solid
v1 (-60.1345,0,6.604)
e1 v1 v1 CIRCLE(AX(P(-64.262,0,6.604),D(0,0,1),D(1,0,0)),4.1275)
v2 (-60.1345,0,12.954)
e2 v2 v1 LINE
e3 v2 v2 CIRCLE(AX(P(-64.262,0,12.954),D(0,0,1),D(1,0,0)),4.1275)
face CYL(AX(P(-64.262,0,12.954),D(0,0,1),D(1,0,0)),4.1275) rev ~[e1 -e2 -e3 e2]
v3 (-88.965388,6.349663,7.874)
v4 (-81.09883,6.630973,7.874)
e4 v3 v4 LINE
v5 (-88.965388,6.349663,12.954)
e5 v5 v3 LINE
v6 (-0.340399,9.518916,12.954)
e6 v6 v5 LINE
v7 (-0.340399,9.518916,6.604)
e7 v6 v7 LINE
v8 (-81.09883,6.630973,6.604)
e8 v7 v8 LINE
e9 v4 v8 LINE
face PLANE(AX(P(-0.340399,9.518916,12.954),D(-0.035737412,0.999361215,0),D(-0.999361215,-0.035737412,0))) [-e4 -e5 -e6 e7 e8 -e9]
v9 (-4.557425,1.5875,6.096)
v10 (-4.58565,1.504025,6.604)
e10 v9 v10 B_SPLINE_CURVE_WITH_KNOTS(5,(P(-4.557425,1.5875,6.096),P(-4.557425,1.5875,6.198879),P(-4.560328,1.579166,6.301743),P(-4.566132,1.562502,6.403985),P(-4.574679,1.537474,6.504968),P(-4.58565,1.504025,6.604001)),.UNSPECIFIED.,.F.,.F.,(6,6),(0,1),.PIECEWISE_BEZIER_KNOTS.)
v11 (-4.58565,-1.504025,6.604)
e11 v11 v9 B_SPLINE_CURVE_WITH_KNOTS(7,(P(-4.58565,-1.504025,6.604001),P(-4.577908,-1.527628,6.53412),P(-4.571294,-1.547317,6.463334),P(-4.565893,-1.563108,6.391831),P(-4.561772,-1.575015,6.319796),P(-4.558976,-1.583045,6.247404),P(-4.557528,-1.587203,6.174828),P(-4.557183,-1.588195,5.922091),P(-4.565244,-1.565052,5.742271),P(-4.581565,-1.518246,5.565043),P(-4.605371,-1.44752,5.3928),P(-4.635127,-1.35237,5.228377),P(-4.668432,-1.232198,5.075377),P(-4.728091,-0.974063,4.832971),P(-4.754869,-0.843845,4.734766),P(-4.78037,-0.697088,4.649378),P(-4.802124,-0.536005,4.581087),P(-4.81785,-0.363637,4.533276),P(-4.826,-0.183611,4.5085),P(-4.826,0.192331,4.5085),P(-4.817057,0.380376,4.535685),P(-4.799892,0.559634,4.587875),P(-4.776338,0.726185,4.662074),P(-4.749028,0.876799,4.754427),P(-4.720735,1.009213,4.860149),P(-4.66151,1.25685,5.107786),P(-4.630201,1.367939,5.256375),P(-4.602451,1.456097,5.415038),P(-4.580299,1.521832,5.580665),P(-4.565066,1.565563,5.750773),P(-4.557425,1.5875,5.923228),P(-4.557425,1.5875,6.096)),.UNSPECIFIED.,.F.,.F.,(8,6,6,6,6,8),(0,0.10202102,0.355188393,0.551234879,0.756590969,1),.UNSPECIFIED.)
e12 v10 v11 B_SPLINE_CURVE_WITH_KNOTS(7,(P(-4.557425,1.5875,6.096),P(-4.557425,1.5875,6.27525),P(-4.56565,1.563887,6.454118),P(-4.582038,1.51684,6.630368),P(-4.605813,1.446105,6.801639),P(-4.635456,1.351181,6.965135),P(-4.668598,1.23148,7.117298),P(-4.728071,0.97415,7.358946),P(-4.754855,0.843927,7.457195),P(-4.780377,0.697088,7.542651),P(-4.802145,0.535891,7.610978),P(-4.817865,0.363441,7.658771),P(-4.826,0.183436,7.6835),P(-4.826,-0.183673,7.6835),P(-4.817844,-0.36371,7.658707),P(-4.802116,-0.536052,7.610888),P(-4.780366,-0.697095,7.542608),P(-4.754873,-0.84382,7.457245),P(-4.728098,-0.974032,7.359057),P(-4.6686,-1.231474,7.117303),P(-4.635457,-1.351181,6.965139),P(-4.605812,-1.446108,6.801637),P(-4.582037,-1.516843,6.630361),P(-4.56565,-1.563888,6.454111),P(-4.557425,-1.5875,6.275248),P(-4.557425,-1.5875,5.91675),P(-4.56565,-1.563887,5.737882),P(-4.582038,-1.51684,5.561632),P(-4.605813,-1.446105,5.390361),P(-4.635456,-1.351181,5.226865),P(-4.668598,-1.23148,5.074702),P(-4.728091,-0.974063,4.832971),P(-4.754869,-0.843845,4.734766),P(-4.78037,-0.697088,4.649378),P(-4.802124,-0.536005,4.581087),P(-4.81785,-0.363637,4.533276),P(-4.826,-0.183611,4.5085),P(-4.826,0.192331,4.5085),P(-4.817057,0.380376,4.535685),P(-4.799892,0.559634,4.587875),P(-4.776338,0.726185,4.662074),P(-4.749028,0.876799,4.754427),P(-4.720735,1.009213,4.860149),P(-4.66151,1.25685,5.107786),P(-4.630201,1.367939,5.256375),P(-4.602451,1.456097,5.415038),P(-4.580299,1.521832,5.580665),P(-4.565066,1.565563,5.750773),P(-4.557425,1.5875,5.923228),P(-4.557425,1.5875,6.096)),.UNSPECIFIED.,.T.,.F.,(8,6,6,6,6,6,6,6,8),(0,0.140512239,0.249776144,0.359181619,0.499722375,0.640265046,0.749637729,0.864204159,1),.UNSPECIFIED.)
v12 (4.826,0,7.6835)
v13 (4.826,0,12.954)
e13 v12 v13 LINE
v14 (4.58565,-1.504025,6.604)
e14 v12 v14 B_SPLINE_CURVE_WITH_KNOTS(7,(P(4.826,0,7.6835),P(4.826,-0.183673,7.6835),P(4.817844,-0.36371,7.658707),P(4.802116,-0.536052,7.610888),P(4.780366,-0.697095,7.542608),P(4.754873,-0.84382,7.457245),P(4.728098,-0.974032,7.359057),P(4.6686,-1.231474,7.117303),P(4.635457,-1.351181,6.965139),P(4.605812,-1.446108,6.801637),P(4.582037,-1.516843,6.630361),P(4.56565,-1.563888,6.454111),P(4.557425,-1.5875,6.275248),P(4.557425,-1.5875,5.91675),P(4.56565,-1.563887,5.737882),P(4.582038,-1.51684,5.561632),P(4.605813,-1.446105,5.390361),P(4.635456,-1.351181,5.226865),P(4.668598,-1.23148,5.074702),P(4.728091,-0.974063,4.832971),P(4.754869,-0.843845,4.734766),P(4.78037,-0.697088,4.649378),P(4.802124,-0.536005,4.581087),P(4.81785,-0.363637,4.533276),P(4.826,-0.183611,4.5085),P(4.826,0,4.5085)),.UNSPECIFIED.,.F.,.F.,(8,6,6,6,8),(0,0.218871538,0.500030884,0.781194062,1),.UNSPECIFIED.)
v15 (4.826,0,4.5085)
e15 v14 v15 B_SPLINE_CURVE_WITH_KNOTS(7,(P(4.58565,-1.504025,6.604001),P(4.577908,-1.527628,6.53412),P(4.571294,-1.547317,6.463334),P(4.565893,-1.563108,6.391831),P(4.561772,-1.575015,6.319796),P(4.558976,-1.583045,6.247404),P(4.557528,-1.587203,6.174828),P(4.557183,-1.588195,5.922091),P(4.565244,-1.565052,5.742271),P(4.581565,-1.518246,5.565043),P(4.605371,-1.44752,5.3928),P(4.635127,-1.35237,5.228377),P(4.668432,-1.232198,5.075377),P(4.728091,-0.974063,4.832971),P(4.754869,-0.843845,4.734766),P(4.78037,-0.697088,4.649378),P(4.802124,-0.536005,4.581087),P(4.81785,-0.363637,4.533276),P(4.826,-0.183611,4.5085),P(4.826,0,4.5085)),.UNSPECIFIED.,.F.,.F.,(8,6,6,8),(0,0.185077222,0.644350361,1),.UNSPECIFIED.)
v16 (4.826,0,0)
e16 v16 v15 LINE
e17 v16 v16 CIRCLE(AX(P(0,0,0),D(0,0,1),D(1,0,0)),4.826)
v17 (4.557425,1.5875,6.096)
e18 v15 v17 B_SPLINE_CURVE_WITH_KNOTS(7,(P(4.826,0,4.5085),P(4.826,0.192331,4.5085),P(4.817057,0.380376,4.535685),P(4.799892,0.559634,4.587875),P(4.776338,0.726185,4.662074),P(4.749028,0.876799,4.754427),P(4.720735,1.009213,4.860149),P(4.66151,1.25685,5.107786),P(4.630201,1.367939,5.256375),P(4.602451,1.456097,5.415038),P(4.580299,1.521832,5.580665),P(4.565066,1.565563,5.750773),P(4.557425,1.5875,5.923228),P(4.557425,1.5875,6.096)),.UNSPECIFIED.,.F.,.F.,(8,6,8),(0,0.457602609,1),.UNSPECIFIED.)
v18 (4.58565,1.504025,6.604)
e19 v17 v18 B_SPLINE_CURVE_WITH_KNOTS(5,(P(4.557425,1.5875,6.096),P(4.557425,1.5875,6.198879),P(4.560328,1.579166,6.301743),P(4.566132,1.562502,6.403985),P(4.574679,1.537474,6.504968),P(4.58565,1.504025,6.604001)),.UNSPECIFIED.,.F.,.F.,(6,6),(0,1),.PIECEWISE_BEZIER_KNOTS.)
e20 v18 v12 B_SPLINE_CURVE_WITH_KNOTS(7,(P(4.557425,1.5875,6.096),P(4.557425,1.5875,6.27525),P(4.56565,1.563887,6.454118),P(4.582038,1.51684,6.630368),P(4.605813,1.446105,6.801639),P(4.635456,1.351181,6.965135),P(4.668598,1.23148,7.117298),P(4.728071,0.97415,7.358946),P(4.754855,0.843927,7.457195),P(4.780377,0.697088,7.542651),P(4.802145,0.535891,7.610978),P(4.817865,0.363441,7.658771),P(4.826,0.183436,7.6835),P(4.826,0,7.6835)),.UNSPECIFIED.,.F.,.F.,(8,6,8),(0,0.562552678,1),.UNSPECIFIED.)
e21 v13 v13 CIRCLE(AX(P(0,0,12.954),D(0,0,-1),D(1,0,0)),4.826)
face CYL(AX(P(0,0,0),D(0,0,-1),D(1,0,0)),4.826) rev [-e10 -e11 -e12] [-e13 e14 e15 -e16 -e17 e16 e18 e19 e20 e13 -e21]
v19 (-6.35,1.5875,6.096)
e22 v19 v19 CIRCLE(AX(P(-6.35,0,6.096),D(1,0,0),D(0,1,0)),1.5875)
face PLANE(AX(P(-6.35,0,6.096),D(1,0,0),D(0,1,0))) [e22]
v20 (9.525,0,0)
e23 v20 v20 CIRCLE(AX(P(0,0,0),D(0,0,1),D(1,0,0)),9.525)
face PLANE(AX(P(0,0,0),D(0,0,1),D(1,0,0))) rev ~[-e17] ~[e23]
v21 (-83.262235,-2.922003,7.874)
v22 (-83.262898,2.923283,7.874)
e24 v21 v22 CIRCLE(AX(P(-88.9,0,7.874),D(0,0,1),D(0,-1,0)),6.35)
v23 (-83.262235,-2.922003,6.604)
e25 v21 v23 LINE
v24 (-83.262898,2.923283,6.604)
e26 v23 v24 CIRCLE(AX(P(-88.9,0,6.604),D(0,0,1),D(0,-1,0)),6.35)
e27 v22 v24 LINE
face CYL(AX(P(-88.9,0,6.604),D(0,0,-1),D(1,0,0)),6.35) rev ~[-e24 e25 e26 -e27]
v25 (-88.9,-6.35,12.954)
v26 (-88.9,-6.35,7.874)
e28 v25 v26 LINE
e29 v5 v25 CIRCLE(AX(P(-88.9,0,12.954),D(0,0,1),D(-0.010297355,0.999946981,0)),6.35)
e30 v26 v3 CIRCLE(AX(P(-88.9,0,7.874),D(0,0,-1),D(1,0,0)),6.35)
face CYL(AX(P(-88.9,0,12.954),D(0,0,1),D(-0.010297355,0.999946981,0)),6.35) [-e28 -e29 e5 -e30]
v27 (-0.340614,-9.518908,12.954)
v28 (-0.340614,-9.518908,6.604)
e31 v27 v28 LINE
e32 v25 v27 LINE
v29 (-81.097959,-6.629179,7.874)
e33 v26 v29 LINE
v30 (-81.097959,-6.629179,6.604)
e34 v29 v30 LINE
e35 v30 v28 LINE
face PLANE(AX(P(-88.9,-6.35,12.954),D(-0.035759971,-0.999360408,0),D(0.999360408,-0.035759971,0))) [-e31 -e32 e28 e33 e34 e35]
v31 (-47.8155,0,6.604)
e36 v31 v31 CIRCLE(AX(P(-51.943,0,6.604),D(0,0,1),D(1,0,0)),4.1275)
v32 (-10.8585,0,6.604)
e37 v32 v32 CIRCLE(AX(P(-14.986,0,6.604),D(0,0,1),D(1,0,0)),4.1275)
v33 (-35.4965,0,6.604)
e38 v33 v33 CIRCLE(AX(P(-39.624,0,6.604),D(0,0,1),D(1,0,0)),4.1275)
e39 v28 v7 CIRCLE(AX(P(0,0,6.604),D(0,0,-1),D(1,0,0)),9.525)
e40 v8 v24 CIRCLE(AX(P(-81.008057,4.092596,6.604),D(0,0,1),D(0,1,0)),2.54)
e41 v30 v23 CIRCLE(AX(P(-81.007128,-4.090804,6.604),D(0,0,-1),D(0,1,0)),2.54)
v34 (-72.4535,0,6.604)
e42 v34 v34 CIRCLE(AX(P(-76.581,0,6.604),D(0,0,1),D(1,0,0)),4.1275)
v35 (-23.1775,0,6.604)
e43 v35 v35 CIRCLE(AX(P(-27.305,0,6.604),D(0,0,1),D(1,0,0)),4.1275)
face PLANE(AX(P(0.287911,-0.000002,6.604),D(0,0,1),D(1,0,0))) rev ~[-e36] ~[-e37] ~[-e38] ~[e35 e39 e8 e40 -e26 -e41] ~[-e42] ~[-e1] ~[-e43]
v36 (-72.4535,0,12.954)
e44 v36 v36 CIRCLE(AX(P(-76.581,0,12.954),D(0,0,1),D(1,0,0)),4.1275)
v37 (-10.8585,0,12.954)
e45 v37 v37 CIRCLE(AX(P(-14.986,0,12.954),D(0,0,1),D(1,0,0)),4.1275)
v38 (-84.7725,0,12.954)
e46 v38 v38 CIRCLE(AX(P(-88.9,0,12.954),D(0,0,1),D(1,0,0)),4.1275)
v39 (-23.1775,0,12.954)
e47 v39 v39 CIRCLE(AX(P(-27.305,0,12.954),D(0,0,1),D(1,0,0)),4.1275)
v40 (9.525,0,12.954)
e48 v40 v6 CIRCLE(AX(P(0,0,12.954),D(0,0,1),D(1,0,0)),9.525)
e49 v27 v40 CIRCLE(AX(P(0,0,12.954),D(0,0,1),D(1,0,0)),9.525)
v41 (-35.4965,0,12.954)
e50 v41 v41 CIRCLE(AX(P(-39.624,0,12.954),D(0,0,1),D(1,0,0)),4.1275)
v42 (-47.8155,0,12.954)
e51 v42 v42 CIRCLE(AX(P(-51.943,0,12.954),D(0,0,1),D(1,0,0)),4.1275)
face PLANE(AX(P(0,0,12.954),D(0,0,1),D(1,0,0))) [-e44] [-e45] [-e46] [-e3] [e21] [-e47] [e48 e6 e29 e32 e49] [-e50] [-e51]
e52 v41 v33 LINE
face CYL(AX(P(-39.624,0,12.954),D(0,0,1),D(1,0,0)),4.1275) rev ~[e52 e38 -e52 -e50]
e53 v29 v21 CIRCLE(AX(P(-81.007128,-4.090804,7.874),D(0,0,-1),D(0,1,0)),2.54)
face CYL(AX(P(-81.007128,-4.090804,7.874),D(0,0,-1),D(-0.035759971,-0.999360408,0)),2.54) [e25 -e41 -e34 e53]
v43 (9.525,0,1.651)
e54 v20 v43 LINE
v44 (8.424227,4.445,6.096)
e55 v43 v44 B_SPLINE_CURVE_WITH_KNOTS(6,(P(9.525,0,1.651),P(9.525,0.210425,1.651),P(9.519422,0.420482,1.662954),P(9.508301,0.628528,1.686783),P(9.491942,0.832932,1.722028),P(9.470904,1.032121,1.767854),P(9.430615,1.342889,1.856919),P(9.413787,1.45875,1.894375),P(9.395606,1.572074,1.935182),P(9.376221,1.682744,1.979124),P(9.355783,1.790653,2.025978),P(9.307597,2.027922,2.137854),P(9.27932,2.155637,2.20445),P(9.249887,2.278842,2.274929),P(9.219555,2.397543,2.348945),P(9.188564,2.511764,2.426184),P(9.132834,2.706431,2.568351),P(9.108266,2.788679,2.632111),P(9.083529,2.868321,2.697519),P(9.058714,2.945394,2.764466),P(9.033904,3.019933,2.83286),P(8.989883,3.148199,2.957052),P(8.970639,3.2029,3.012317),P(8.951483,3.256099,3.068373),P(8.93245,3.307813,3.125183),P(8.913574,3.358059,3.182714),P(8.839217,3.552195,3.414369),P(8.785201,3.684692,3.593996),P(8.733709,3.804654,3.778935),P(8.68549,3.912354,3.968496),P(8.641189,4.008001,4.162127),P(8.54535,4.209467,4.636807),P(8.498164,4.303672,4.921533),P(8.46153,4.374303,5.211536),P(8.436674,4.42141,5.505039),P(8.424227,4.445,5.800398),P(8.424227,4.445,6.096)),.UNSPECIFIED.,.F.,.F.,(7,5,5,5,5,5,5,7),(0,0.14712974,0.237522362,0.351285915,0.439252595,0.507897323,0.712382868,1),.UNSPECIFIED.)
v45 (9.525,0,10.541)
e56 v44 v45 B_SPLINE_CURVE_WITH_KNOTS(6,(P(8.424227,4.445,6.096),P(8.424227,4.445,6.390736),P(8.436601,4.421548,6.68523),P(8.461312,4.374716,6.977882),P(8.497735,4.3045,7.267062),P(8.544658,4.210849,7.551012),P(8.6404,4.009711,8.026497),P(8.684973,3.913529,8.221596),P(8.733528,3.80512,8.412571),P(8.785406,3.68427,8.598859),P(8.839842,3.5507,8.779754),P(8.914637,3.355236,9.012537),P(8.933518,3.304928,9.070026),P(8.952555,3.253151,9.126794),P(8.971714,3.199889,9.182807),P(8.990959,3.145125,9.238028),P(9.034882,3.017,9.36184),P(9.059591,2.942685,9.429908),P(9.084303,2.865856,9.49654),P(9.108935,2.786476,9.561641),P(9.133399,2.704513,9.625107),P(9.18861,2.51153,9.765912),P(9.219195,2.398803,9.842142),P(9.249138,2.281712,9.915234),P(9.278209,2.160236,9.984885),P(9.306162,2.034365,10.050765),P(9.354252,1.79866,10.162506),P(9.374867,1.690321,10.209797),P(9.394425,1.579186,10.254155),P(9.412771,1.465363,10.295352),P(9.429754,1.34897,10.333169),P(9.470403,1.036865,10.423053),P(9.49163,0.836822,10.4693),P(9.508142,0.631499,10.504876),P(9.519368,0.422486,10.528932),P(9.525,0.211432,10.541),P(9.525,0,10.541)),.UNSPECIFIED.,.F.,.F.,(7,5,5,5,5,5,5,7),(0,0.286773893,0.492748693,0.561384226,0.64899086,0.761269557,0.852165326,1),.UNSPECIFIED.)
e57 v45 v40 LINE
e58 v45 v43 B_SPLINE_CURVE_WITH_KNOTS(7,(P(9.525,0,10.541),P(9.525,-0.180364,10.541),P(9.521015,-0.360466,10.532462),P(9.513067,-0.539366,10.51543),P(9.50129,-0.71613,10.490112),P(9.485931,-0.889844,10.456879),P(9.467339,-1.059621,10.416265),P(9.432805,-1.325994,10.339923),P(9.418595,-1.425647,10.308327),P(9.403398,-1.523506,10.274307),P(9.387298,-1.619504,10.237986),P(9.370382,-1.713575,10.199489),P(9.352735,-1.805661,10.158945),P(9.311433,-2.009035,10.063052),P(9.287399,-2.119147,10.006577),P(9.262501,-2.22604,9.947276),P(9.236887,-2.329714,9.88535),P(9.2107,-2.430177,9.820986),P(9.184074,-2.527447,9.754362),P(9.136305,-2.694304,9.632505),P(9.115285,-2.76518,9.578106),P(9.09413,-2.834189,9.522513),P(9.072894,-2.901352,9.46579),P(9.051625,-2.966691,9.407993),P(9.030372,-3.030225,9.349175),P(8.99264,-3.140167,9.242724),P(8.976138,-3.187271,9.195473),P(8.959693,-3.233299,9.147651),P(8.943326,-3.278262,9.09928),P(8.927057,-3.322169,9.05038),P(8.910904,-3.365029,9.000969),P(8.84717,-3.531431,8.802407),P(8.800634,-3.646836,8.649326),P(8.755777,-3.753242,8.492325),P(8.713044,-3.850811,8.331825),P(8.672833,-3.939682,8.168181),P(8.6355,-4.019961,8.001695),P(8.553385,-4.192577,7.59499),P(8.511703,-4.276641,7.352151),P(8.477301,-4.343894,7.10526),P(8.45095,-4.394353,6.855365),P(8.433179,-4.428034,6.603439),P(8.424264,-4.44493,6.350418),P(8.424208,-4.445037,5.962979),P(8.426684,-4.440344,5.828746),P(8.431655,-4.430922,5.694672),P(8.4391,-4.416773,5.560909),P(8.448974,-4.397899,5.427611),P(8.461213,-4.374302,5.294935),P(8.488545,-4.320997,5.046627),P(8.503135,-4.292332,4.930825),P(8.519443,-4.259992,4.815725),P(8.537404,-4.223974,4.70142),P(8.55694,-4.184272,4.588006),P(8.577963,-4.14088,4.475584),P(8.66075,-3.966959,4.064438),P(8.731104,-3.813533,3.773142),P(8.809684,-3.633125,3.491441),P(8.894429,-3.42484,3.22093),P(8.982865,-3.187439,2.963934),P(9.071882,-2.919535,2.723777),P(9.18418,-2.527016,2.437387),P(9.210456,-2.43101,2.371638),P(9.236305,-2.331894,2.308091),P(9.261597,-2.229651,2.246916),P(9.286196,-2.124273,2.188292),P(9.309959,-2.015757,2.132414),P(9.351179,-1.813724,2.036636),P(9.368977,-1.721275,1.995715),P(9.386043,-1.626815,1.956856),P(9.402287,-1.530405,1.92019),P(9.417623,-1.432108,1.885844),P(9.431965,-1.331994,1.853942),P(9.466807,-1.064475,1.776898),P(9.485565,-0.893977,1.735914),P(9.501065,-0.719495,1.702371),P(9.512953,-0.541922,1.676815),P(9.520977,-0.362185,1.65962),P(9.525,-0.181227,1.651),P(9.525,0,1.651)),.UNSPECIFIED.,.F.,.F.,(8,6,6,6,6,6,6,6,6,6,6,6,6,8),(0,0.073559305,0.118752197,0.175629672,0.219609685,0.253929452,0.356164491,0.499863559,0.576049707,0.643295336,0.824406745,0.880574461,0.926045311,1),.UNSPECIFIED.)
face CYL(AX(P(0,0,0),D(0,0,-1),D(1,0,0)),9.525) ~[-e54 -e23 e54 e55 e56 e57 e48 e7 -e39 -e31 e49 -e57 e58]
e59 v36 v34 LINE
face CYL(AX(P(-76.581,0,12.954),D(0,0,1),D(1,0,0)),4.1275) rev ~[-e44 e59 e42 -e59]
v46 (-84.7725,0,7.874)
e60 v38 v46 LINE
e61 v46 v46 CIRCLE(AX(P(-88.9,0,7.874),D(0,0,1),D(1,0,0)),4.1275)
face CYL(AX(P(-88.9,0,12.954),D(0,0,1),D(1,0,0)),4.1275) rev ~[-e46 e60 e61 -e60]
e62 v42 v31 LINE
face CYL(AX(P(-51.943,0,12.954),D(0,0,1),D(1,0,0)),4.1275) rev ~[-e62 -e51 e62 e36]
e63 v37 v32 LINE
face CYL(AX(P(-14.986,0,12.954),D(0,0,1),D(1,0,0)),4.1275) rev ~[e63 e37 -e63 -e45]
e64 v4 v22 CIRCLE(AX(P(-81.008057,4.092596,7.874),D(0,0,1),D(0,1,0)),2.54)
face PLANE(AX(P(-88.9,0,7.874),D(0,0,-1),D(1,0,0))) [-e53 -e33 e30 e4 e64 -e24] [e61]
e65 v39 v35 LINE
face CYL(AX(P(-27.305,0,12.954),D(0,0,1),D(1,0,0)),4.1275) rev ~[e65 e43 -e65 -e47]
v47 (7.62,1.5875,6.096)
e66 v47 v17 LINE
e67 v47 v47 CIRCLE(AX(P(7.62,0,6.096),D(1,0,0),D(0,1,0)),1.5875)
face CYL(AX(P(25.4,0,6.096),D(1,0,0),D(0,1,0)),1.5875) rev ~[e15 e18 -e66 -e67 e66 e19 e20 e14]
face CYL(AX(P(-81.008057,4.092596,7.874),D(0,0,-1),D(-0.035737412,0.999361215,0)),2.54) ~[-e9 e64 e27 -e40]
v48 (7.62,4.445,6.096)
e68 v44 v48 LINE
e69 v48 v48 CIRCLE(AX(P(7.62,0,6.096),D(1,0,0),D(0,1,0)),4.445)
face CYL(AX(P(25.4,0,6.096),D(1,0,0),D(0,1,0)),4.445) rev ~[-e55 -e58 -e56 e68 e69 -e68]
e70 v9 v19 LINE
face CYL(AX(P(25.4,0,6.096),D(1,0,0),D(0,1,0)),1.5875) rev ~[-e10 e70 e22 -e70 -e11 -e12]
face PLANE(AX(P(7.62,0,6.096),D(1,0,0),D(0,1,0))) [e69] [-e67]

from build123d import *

# Parameters (mm, degrees)
F0_R      = 9.525
F0_R_2    = 4.826
F1_DEPTH  = 12.954
F2_R      = 4.1275
F3_DEPTH  = 6.35
F5_R      = 1.5875
F6_DEPTH  = 31.75
F7_DEPTH  = 25.4
F8_R      = 6.35
F9_DEPTH  = 1.27
F5_R_2    = 4.445
F10_DEPTH = 17.78
F11_R     = 2.54


with BuildPart() as f1:
    # F0 (on Top) → F1 (new body)
    with BuildSketch(Plane.XY):
        Circle(F0_R)
        Circle(F0_R_2, mode=Mode.SUBTRACT)
    extrude(amount=F1_DEPTH)

    # F2 (on face) → F3 (join)
    with BuildSketch(Plane.XY.offset(12.954)):
        with BuildLine():
            ThreePointArc((-0.3406139649, -9.5189078747), (6.6136705763, -6.8545595415), (9.525, 0))
            ThreePointArc((9.525, 0), (6.6137479521, 6.8544848841), (-0.3403990606, 9.5189155622))
            ThreePointArc((-0.3403990606, 9.5189155622), (-9.5249999994, 0.0001075209), (-0.3406139649, -9.5189078747))
        make_face()
        with BuildLine():
            ThreePointArc((-0.3406139649, -9.5189078747), (-9.5249999994, 0.0001075209), (-0.3403990606, 9.5189155622))
            Line((-0.3403990606, 9.5189155622), (-88.965388203, 6.3496633283))
            ThreePointArc((-88.965388203, 6.3496633283), (-84.4330499829, 4.5131870717), (-82.55, 0))
            ThreePointArc((-82.55, 0), (-84.4098719395, -4.4901280605), (-88.9, -6.35))
            Line((-88.9, -6.35), (-0.3406139649, -9.5189078747))
        make_face()
        with Locations((-76.581, 0)):
            Circle(F2_R, mode=Mode.SUBTRACT)
        with Locations((-64.262, 0)):
            Circle(F2_R, mode=Mode.SUBTRACT)
        with Locations((-51.943, 0)):
            Circle(F2_R, mode=Mode.SUBTRACT)
        with Locations((-39.624, 0)):
            Circle(F2_R, mode=Mode.SUBTRACT)
        with Locations((-27.305, 0)):
            Circle(F2_R, mode=Mode.SUBTRACT)
        with Locations((-14.986, 0)):
            Circle(F2_R, mode=Mode.SUBTRACT)
        with BuildLine():
            ThreePointArc((-82.55, 0), (-84.4330499829, 4.5131870717), (-88.965388203, 6.3496633283))
            ThreePointArc((-88.965388203, 6.3496633283), (-95.2499158315, -0.0326945349), (-88.9, -6.35))
            ThreePointArc((-88.9, -6.35), (-84.4098719395, -4.4901280605), (-82.55, 0))
        make_face()
        with Locations((-88.9, 0)):
            Circle(F2_R, mode=Mode.SUBTRACT)
    extrude(amount=-F3_DEPTH)

    # F5 (on offset) → F6 (cut)
    with BuildSketch(Plane.YZ.offset(25.4)):
        with Locations((0, 6.096)):
            Circle(F5_R)
    extrude(amount=-F6_DEPTH, mode=Mode.SUBTRACT)

    # F0 (on Top) → F7 (cut)
    with BuildSketch(Plane.XY):
        Circle(F0_R_2)
    extrude(amount=F7_DEPTH, mode=Mode.SUBTRACT)

    # F8 (on face) → F9 (cut)
    with BuildSketch(Plane(origin=(0, 0, 6.604), x_dir=(1, 0, 0), z_dir=(0, 0, -1))):
        with Locations((-88.9, 0)):
            Circle(F8_R)
    extrude(amount=-F9_DEPTH, mode=Mode.SUBTRACT)

    # F5 (on offset) → F10 (cut)
    with BuildSketch(Plane.YZ.offset(25.4)):
        with Locations((0, 6.096)):
            Circle(F5_R_2)
        with Locations((0, 6.096)):
            Circle(F5_R, mode=Mode.SUBTRACT)
    extrude(amount=-F10_DEPTH, mode=Mode.SUBTRACT)

    # F11
    f11_edges = [f1.edges().sort_by_distance(p)[0] for p in [
        (-88.9, -6.35, 10.414),
        (-88.9, -6.35, 7.239),
        (-88.965388, 6.349663, 10.414),
        (-88.965388, 6.349663, 7.239),
    ]]
    fillet(f11_edges, radius=F11_R)


solid = f1.part
